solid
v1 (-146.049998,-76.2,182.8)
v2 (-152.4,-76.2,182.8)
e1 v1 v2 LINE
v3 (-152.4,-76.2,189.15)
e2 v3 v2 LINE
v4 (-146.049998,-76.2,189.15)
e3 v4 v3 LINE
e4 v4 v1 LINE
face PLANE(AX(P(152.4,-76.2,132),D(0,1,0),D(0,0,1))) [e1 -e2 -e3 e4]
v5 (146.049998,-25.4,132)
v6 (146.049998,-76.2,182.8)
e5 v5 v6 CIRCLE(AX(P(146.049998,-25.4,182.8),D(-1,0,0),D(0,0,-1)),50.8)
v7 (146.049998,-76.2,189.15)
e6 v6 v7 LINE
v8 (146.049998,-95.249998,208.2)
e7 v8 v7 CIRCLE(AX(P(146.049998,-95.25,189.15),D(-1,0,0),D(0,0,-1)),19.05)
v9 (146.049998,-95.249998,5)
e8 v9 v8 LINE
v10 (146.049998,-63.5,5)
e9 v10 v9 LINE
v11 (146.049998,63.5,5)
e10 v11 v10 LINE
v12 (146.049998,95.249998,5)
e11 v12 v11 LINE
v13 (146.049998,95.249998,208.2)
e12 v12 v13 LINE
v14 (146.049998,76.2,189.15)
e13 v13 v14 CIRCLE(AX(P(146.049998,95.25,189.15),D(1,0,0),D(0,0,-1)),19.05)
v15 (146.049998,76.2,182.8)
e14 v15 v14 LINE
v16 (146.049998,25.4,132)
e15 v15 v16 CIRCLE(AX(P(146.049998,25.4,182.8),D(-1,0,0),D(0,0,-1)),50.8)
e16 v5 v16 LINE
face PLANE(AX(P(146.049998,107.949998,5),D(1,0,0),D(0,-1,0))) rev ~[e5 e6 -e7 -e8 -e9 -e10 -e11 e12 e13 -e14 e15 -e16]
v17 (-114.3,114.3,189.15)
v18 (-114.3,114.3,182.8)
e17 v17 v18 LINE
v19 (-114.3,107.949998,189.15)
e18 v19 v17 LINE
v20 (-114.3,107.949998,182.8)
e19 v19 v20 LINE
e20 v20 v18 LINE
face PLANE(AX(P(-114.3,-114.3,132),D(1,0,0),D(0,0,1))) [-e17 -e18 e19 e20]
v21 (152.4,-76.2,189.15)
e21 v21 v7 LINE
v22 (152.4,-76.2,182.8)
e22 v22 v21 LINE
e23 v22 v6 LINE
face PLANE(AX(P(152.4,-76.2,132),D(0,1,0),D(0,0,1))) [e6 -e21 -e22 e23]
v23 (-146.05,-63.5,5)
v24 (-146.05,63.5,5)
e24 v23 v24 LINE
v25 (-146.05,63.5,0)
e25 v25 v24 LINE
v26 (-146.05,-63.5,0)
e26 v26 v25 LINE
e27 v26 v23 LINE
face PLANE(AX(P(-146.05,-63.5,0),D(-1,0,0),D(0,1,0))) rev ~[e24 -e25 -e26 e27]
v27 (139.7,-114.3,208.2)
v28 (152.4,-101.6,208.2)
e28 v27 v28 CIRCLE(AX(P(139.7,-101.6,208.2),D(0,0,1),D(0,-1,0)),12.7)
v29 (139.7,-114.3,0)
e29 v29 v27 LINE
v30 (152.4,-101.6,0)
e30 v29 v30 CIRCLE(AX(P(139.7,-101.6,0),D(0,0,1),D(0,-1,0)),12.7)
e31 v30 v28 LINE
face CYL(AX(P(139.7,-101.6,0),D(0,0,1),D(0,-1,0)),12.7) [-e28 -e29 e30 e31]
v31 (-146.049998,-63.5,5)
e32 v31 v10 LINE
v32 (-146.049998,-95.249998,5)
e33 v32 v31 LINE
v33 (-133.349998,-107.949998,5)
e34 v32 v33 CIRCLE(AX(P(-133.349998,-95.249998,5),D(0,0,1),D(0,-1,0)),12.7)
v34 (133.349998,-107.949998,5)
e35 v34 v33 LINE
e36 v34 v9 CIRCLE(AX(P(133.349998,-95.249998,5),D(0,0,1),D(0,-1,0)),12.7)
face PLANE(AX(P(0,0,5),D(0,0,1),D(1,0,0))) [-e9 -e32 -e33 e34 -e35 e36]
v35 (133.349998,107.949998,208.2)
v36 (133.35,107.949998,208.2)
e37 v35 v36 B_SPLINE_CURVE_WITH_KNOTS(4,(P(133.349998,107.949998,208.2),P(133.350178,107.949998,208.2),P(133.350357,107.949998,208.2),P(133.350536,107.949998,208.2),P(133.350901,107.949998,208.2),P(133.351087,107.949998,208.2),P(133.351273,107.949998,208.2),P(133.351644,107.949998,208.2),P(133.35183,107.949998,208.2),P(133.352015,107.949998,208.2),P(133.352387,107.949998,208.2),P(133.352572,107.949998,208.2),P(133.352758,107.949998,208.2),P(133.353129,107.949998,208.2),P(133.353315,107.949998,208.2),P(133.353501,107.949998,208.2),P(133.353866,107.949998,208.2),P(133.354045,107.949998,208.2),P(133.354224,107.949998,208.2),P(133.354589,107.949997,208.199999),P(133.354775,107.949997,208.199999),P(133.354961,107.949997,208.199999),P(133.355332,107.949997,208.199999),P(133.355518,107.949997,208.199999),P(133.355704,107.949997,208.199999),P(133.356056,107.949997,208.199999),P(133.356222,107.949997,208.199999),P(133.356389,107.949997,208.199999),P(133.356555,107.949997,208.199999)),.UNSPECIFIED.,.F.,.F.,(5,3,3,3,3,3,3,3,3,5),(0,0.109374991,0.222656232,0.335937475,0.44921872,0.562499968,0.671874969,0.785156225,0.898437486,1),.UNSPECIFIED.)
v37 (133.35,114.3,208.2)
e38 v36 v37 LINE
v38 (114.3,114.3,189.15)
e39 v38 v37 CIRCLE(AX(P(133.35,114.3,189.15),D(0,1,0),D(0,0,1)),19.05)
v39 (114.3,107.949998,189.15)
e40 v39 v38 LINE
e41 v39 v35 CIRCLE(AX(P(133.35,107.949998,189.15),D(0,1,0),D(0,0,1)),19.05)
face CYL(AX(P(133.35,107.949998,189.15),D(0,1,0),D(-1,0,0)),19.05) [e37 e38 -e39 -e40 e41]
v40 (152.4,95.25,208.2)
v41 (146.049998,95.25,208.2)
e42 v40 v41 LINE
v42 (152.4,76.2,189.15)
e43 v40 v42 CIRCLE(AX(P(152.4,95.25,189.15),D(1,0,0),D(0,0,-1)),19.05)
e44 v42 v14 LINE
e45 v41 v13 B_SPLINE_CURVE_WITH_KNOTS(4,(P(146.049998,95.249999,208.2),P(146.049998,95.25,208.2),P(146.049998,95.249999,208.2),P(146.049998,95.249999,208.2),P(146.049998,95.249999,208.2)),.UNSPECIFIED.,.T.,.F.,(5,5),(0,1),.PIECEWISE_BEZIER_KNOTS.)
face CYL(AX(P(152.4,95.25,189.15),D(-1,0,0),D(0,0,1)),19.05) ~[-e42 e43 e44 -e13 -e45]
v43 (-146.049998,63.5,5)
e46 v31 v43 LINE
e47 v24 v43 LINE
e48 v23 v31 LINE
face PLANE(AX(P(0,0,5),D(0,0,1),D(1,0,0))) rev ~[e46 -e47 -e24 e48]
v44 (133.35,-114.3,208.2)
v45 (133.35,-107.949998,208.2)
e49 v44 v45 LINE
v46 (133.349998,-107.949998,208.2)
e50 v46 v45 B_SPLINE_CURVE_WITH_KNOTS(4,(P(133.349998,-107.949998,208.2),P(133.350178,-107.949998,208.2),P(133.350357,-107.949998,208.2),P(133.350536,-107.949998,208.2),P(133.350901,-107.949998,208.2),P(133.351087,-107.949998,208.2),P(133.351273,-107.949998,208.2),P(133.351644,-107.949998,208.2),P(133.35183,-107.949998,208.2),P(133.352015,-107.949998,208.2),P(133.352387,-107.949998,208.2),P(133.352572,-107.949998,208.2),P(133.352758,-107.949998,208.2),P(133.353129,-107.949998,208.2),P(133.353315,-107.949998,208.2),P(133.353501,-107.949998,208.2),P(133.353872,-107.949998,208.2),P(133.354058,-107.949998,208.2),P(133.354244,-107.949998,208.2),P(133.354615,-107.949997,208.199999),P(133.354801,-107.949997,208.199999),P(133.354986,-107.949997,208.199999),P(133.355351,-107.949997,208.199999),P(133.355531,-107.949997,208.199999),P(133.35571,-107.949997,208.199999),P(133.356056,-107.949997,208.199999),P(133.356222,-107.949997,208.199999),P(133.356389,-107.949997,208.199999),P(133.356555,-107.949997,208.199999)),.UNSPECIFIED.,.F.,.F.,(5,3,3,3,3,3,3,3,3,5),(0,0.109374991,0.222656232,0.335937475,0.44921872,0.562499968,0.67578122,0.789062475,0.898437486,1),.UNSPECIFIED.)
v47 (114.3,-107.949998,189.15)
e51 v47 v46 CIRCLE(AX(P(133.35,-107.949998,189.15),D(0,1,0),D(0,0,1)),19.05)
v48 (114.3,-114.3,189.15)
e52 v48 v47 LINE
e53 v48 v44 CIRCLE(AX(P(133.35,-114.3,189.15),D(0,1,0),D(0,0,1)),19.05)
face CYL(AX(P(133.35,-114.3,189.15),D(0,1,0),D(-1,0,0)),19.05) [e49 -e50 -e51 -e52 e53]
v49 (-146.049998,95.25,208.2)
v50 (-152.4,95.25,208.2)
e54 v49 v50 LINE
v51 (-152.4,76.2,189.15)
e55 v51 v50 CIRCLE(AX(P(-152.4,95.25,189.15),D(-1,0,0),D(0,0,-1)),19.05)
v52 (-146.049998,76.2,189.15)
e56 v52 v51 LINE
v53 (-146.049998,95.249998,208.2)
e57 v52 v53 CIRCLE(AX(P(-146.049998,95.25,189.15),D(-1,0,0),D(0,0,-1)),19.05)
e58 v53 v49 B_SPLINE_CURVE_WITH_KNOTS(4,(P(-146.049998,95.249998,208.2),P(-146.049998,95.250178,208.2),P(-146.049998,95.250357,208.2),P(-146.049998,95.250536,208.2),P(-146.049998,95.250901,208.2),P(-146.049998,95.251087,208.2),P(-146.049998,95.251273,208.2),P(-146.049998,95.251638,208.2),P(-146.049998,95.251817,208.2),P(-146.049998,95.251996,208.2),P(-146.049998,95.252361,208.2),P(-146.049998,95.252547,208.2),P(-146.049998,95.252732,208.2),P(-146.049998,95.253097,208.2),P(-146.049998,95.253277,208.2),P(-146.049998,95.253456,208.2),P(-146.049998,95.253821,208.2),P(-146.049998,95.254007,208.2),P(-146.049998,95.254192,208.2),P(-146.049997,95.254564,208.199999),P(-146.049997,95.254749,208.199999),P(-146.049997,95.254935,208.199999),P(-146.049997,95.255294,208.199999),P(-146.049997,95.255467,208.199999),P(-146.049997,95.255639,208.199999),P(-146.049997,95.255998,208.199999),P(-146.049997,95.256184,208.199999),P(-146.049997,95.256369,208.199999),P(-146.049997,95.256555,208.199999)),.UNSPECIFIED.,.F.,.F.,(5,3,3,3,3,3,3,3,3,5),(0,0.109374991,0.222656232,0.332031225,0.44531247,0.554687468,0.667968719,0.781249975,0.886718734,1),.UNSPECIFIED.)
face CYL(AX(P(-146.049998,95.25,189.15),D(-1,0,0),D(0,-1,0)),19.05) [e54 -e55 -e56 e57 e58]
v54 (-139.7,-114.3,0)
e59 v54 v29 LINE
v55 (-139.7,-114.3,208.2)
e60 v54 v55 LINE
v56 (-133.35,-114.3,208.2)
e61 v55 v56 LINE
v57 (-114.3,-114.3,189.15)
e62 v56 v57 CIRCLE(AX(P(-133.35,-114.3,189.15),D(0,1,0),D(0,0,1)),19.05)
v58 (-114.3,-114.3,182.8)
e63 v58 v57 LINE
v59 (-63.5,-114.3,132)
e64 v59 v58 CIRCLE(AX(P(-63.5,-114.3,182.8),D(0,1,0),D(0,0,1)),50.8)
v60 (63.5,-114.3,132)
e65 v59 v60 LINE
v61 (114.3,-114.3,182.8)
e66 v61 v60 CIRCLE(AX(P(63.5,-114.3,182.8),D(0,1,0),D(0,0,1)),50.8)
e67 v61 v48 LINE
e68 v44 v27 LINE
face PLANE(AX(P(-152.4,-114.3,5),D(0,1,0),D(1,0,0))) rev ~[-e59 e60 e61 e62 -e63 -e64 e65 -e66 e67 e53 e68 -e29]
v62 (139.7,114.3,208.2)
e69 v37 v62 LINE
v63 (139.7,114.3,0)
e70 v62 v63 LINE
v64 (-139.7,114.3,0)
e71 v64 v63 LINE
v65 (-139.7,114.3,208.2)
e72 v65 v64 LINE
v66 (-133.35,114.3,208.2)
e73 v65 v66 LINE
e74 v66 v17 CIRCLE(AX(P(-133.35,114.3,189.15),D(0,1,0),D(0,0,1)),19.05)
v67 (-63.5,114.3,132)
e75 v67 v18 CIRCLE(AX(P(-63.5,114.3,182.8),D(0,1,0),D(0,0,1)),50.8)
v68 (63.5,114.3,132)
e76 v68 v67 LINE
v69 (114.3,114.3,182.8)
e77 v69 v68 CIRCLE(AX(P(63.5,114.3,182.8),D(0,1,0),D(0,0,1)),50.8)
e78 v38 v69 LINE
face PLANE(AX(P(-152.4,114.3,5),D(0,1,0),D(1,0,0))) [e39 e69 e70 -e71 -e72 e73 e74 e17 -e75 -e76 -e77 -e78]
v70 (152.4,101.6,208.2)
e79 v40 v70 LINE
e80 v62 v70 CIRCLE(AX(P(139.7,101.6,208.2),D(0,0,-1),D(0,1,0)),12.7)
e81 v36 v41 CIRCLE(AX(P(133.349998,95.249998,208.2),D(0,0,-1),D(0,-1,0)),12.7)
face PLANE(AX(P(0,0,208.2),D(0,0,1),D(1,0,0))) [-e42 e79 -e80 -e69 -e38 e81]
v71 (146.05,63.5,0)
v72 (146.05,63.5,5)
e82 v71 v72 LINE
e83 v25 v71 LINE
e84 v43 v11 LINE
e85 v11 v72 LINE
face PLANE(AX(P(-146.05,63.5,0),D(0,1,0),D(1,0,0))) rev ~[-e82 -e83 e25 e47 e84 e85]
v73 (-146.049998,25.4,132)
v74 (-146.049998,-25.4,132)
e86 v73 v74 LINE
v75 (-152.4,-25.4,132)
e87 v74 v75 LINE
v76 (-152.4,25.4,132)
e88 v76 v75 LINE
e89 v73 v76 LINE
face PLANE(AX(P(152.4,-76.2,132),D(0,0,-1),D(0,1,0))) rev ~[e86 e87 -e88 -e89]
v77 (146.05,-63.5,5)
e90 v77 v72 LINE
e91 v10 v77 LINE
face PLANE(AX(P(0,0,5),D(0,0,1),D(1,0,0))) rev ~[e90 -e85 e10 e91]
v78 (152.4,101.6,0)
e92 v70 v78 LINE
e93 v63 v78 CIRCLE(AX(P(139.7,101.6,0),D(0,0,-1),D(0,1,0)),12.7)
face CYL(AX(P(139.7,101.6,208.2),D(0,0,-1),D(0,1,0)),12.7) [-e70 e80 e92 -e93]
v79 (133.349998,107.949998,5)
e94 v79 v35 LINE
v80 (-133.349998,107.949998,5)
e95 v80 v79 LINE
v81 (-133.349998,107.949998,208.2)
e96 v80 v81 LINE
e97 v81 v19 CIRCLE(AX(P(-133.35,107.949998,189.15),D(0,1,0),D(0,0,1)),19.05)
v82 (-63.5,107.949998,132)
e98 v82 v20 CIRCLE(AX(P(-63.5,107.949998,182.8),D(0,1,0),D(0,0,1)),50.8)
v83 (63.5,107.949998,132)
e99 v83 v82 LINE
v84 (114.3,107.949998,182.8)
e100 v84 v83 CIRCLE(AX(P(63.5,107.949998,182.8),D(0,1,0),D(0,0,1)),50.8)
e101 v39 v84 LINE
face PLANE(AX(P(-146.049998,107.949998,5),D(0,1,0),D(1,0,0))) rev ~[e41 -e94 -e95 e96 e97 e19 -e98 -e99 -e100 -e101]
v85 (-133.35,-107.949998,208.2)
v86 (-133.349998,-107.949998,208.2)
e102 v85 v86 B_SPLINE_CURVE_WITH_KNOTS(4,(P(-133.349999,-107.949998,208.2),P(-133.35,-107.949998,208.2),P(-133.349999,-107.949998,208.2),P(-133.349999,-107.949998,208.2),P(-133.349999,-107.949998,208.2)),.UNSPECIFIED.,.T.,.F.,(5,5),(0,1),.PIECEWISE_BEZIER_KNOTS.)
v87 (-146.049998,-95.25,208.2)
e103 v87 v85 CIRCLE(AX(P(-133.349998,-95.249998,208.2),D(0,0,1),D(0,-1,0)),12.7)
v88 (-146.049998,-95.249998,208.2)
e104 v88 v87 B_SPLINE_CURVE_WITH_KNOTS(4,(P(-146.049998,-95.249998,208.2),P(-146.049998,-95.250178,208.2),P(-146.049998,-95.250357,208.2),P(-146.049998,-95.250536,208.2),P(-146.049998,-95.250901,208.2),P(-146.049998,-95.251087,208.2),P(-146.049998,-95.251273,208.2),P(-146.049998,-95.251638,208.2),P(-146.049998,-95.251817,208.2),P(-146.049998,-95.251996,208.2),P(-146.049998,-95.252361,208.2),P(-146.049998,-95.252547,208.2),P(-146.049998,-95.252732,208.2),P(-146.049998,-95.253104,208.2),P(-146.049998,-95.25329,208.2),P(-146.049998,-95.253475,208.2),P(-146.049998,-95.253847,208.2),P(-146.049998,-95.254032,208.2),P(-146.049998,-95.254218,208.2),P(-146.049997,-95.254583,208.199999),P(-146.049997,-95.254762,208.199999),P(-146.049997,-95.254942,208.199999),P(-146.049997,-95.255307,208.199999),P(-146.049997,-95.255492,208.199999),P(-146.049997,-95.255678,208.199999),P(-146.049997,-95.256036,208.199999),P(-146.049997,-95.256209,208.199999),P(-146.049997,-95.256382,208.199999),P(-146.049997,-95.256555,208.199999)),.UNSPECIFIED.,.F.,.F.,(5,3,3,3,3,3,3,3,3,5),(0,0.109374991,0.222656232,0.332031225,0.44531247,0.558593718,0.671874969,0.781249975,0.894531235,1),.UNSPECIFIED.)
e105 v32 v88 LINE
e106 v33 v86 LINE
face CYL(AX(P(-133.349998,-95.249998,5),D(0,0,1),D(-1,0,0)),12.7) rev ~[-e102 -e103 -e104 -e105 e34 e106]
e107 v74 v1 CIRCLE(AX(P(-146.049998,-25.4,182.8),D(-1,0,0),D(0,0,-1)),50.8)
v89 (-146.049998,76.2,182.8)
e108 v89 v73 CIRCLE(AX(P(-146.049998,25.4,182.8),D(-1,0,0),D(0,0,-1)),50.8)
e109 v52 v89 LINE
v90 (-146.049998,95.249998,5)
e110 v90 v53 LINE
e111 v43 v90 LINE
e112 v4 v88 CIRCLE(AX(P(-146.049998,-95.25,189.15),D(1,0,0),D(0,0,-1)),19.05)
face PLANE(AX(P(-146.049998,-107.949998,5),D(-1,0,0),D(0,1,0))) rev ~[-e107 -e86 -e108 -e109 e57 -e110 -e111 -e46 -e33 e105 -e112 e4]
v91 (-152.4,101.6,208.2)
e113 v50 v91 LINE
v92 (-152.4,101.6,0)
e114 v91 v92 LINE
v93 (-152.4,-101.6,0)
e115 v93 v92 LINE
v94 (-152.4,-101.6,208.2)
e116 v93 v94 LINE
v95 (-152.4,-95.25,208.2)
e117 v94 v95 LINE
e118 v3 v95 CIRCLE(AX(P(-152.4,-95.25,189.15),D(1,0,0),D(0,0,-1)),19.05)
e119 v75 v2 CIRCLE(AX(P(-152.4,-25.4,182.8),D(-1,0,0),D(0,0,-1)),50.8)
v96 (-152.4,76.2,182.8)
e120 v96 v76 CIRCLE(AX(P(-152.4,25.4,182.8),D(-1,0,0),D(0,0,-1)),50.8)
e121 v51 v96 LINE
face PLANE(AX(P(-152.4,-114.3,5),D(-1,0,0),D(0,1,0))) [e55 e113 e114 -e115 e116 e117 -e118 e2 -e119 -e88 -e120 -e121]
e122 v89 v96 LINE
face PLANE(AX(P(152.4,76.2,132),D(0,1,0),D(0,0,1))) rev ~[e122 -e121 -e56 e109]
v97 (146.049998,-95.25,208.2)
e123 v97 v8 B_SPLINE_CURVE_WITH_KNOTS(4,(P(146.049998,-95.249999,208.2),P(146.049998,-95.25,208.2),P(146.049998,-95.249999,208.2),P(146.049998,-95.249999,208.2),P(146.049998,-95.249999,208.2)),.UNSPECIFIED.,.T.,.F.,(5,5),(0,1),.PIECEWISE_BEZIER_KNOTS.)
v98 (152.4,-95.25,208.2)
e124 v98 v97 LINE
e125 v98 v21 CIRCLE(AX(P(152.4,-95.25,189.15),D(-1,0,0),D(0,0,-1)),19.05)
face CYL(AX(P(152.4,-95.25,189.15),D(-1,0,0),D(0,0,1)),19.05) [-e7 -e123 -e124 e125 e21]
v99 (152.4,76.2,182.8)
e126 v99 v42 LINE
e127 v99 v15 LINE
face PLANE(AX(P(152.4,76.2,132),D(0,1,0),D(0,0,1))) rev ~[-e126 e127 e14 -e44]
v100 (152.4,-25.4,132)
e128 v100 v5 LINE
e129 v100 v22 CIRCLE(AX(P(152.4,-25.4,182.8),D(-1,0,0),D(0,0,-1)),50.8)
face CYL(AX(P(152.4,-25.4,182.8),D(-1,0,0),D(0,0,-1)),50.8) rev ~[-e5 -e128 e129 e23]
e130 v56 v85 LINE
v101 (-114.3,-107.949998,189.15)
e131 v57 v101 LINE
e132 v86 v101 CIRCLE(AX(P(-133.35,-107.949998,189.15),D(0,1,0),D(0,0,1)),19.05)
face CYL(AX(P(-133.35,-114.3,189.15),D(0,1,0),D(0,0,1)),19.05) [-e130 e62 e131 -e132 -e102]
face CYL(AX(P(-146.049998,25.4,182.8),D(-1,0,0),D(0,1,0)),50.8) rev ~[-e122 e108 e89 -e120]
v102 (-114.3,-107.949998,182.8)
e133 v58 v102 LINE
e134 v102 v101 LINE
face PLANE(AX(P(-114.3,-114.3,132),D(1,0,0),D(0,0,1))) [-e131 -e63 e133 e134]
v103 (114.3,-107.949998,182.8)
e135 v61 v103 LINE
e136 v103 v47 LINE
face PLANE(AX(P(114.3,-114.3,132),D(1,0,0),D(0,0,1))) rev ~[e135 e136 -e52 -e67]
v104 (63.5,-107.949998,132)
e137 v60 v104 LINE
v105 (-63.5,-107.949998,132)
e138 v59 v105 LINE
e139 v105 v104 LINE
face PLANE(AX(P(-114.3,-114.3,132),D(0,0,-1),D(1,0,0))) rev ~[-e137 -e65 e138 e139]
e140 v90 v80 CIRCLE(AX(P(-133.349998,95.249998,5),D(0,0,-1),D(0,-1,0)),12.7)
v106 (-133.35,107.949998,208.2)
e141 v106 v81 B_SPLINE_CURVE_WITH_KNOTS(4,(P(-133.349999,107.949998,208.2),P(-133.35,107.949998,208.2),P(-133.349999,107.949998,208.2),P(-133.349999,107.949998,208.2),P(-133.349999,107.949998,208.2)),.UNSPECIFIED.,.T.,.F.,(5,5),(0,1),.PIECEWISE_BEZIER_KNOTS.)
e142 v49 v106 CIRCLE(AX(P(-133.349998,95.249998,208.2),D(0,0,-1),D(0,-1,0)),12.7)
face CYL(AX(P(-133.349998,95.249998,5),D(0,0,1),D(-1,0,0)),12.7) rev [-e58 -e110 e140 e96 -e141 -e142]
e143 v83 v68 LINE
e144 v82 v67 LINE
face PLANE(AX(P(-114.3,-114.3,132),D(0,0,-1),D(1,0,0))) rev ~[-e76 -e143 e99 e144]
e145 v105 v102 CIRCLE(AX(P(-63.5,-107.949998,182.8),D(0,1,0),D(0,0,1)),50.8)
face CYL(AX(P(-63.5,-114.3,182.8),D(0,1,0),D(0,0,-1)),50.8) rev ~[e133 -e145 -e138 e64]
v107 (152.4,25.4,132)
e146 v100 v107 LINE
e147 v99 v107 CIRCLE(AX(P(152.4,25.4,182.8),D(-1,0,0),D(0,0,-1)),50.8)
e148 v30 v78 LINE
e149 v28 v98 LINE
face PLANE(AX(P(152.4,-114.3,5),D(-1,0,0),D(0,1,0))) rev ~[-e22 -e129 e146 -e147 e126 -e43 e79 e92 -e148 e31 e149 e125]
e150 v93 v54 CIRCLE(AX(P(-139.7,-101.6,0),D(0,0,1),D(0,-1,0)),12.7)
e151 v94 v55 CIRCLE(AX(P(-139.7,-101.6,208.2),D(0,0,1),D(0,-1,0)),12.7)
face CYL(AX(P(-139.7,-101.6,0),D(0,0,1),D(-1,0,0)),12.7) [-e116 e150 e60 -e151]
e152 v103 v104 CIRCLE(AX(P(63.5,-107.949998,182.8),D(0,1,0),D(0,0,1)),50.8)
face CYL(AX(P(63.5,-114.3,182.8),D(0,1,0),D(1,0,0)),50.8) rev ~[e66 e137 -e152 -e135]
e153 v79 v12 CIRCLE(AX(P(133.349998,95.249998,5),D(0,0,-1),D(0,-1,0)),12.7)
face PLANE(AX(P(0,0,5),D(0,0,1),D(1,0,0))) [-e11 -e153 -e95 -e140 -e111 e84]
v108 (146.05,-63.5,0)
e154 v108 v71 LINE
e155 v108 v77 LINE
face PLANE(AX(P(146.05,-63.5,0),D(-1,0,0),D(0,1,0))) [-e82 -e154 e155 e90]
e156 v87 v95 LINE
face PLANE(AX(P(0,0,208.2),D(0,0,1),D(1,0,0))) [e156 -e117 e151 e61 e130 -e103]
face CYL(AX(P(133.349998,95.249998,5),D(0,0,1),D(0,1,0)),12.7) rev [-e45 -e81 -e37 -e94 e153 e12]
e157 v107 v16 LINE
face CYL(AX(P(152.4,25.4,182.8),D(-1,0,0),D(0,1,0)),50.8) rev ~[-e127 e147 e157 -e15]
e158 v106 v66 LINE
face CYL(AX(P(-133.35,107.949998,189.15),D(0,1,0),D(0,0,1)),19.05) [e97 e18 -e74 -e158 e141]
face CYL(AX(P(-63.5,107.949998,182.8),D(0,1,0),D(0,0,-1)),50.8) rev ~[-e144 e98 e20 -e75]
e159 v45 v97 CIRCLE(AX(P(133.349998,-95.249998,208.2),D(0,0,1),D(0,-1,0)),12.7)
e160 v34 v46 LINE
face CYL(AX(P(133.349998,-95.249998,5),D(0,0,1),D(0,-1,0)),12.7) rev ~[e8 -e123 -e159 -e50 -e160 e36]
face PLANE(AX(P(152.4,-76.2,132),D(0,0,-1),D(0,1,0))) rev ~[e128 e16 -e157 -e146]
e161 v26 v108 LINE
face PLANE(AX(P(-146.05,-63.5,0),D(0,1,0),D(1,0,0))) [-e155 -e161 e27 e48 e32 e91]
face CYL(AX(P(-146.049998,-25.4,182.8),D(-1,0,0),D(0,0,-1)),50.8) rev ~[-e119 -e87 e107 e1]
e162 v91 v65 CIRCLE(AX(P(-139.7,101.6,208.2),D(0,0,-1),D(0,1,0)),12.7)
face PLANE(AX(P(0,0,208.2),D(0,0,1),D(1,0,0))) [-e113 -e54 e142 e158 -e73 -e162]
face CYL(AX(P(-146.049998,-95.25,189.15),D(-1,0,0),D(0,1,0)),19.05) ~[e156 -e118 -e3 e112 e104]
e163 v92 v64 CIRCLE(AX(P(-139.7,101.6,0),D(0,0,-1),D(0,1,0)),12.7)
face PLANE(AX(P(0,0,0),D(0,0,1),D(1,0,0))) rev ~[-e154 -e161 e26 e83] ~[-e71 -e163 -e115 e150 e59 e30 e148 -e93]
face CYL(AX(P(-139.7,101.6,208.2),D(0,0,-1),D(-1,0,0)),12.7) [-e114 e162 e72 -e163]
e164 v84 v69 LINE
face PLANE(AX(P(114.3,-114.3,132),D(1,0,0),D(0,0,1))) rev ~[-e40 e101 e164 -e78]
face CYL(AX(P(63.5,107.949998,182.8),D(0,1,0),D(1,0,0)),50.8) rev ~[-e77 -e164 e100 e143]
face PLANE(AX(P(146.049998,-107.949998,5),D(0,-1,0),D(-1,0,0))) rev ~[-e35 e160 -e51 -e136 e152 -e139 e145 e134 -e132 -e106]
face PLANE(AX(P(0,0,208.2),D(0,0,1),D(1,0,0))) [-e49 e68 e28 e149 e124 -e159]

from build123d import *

# Parameters (mm, degrees)
F0_W     = 304.8
F0_H     = 228.6
F0_W_2   = 292.1
F0_H_2   = 127
F1_DEPTH = 5
F2_W     = 304.8
F2_H     = 228.6
F3_DEPTH = 203.2
F4_W     = 228.6
F4_H     = 76.2
F5_DEPTH = 228.601
F6_W     = 152.4
F6_H     = 76.2
F7_DEPTH = 304.801
F8_R     = 50.8
F9_R     = 19.05
F10_R    = 12.7


with BuildPart() as f1:
    # F0 (on Top) → F1 (new body)
    with BuildSketch(Plane.XY):
        Rectangle(F0_W, F0_H)
        Rectangle(F0_W_2, F0_H_2, mode=Mode.SUBTRACT)
    extrude(amount=F1_DEPTH)

    # F2 (on face) → F3 (join)
    with BuildSketch(Plane.XY.offset(5)):
        Rectangle(F2_W, F2_H)
        Polygon((-146.0499983072, 63.5), (-146.0499983072, 107.9499983072), (146.0499983072, 107.9499983072), (146.0499983072, 63.5), (146.0499983072, -63.5), (146.0499983072, -107.9499983072), (-146.0499983072, -107.9499983072), (-146.0499983072, -63.5), align=None, mode=Mode.SUBTRACT)
    extrude(amount=F3_DEPTH)

    # F4 (on face) → F5 (cut, through all)
    with BuildSketch(Plane.XZ.offset(114.3)):
        with Locations((0, 170.1)):
            Rectangle(F4_W, F4_H)
    extrude(amount=-F5_DEPTH, mode=Mode.SUBTRACT)

    # F6 (on face) → F7 (cut, through all)
    with BuildSketch(Plane.YZ.offset(152.4)):
        with Locations((0, 170.1)):
            Rectangle(F6_W, F6_H)
    extrude(amount=-F7_DEPTH, mode=Mode.SUBTRACT)

    # F8
    f8_edges = [f1.edges().sort_by_distance(p)[0] for p in [
        (-114.3, -111.124999, 132),
        (-149.224999, 76.2, 132),
        (-114.3, 111.124999, 132),
        (-149.224999, -76.2, 132),
        (114.3, 111.124999, 132),
        (149.224999, -76.2, 132),
        (114.3, -111.124999, 132),
        (149.224999, 76.2, 132),
    ]]
    fillet(f8_edges, radius=F8_R)

    # F9
    f9_edges = [f1.edges().sort_by_distance(p)[0] for p in [
        (149.224999, 76.2, 208.2),
        (114.3, 111.124999, 208.2),
        (-114.3, 111.124999, 208.2),
        (-149.224999, 76.2, 208.2),
        (-149.224999, -76.2, 208.2),
        (-114.3, -111.124999, 208.2),
        (114.3, -111.124999, 208.2),
        (149.224999, -76.2, 208.2),
    ]]
    fillet(f9_edges, radius=F9_R)

    # F10
    f10_edges = [f1.edges().sort_by_distance(p)[0] for p in [
        (152.4, -114.3, 104.1),
        (146.049998, -107.949998, 106.6),
        (-152.4, -114.3, 104.1),
        (146.049998, 107.949998, 106.6),
        (-146.049998, 107.949998, 106.6),
        (-146.049998, -107.949998, 106.6),
        (-152.4, 114.3, 104.1),
        (152.4, 114.3, 104.1),
    ]]
    fillet(f10_edges, radius=F10_R)


solid = f1.part
